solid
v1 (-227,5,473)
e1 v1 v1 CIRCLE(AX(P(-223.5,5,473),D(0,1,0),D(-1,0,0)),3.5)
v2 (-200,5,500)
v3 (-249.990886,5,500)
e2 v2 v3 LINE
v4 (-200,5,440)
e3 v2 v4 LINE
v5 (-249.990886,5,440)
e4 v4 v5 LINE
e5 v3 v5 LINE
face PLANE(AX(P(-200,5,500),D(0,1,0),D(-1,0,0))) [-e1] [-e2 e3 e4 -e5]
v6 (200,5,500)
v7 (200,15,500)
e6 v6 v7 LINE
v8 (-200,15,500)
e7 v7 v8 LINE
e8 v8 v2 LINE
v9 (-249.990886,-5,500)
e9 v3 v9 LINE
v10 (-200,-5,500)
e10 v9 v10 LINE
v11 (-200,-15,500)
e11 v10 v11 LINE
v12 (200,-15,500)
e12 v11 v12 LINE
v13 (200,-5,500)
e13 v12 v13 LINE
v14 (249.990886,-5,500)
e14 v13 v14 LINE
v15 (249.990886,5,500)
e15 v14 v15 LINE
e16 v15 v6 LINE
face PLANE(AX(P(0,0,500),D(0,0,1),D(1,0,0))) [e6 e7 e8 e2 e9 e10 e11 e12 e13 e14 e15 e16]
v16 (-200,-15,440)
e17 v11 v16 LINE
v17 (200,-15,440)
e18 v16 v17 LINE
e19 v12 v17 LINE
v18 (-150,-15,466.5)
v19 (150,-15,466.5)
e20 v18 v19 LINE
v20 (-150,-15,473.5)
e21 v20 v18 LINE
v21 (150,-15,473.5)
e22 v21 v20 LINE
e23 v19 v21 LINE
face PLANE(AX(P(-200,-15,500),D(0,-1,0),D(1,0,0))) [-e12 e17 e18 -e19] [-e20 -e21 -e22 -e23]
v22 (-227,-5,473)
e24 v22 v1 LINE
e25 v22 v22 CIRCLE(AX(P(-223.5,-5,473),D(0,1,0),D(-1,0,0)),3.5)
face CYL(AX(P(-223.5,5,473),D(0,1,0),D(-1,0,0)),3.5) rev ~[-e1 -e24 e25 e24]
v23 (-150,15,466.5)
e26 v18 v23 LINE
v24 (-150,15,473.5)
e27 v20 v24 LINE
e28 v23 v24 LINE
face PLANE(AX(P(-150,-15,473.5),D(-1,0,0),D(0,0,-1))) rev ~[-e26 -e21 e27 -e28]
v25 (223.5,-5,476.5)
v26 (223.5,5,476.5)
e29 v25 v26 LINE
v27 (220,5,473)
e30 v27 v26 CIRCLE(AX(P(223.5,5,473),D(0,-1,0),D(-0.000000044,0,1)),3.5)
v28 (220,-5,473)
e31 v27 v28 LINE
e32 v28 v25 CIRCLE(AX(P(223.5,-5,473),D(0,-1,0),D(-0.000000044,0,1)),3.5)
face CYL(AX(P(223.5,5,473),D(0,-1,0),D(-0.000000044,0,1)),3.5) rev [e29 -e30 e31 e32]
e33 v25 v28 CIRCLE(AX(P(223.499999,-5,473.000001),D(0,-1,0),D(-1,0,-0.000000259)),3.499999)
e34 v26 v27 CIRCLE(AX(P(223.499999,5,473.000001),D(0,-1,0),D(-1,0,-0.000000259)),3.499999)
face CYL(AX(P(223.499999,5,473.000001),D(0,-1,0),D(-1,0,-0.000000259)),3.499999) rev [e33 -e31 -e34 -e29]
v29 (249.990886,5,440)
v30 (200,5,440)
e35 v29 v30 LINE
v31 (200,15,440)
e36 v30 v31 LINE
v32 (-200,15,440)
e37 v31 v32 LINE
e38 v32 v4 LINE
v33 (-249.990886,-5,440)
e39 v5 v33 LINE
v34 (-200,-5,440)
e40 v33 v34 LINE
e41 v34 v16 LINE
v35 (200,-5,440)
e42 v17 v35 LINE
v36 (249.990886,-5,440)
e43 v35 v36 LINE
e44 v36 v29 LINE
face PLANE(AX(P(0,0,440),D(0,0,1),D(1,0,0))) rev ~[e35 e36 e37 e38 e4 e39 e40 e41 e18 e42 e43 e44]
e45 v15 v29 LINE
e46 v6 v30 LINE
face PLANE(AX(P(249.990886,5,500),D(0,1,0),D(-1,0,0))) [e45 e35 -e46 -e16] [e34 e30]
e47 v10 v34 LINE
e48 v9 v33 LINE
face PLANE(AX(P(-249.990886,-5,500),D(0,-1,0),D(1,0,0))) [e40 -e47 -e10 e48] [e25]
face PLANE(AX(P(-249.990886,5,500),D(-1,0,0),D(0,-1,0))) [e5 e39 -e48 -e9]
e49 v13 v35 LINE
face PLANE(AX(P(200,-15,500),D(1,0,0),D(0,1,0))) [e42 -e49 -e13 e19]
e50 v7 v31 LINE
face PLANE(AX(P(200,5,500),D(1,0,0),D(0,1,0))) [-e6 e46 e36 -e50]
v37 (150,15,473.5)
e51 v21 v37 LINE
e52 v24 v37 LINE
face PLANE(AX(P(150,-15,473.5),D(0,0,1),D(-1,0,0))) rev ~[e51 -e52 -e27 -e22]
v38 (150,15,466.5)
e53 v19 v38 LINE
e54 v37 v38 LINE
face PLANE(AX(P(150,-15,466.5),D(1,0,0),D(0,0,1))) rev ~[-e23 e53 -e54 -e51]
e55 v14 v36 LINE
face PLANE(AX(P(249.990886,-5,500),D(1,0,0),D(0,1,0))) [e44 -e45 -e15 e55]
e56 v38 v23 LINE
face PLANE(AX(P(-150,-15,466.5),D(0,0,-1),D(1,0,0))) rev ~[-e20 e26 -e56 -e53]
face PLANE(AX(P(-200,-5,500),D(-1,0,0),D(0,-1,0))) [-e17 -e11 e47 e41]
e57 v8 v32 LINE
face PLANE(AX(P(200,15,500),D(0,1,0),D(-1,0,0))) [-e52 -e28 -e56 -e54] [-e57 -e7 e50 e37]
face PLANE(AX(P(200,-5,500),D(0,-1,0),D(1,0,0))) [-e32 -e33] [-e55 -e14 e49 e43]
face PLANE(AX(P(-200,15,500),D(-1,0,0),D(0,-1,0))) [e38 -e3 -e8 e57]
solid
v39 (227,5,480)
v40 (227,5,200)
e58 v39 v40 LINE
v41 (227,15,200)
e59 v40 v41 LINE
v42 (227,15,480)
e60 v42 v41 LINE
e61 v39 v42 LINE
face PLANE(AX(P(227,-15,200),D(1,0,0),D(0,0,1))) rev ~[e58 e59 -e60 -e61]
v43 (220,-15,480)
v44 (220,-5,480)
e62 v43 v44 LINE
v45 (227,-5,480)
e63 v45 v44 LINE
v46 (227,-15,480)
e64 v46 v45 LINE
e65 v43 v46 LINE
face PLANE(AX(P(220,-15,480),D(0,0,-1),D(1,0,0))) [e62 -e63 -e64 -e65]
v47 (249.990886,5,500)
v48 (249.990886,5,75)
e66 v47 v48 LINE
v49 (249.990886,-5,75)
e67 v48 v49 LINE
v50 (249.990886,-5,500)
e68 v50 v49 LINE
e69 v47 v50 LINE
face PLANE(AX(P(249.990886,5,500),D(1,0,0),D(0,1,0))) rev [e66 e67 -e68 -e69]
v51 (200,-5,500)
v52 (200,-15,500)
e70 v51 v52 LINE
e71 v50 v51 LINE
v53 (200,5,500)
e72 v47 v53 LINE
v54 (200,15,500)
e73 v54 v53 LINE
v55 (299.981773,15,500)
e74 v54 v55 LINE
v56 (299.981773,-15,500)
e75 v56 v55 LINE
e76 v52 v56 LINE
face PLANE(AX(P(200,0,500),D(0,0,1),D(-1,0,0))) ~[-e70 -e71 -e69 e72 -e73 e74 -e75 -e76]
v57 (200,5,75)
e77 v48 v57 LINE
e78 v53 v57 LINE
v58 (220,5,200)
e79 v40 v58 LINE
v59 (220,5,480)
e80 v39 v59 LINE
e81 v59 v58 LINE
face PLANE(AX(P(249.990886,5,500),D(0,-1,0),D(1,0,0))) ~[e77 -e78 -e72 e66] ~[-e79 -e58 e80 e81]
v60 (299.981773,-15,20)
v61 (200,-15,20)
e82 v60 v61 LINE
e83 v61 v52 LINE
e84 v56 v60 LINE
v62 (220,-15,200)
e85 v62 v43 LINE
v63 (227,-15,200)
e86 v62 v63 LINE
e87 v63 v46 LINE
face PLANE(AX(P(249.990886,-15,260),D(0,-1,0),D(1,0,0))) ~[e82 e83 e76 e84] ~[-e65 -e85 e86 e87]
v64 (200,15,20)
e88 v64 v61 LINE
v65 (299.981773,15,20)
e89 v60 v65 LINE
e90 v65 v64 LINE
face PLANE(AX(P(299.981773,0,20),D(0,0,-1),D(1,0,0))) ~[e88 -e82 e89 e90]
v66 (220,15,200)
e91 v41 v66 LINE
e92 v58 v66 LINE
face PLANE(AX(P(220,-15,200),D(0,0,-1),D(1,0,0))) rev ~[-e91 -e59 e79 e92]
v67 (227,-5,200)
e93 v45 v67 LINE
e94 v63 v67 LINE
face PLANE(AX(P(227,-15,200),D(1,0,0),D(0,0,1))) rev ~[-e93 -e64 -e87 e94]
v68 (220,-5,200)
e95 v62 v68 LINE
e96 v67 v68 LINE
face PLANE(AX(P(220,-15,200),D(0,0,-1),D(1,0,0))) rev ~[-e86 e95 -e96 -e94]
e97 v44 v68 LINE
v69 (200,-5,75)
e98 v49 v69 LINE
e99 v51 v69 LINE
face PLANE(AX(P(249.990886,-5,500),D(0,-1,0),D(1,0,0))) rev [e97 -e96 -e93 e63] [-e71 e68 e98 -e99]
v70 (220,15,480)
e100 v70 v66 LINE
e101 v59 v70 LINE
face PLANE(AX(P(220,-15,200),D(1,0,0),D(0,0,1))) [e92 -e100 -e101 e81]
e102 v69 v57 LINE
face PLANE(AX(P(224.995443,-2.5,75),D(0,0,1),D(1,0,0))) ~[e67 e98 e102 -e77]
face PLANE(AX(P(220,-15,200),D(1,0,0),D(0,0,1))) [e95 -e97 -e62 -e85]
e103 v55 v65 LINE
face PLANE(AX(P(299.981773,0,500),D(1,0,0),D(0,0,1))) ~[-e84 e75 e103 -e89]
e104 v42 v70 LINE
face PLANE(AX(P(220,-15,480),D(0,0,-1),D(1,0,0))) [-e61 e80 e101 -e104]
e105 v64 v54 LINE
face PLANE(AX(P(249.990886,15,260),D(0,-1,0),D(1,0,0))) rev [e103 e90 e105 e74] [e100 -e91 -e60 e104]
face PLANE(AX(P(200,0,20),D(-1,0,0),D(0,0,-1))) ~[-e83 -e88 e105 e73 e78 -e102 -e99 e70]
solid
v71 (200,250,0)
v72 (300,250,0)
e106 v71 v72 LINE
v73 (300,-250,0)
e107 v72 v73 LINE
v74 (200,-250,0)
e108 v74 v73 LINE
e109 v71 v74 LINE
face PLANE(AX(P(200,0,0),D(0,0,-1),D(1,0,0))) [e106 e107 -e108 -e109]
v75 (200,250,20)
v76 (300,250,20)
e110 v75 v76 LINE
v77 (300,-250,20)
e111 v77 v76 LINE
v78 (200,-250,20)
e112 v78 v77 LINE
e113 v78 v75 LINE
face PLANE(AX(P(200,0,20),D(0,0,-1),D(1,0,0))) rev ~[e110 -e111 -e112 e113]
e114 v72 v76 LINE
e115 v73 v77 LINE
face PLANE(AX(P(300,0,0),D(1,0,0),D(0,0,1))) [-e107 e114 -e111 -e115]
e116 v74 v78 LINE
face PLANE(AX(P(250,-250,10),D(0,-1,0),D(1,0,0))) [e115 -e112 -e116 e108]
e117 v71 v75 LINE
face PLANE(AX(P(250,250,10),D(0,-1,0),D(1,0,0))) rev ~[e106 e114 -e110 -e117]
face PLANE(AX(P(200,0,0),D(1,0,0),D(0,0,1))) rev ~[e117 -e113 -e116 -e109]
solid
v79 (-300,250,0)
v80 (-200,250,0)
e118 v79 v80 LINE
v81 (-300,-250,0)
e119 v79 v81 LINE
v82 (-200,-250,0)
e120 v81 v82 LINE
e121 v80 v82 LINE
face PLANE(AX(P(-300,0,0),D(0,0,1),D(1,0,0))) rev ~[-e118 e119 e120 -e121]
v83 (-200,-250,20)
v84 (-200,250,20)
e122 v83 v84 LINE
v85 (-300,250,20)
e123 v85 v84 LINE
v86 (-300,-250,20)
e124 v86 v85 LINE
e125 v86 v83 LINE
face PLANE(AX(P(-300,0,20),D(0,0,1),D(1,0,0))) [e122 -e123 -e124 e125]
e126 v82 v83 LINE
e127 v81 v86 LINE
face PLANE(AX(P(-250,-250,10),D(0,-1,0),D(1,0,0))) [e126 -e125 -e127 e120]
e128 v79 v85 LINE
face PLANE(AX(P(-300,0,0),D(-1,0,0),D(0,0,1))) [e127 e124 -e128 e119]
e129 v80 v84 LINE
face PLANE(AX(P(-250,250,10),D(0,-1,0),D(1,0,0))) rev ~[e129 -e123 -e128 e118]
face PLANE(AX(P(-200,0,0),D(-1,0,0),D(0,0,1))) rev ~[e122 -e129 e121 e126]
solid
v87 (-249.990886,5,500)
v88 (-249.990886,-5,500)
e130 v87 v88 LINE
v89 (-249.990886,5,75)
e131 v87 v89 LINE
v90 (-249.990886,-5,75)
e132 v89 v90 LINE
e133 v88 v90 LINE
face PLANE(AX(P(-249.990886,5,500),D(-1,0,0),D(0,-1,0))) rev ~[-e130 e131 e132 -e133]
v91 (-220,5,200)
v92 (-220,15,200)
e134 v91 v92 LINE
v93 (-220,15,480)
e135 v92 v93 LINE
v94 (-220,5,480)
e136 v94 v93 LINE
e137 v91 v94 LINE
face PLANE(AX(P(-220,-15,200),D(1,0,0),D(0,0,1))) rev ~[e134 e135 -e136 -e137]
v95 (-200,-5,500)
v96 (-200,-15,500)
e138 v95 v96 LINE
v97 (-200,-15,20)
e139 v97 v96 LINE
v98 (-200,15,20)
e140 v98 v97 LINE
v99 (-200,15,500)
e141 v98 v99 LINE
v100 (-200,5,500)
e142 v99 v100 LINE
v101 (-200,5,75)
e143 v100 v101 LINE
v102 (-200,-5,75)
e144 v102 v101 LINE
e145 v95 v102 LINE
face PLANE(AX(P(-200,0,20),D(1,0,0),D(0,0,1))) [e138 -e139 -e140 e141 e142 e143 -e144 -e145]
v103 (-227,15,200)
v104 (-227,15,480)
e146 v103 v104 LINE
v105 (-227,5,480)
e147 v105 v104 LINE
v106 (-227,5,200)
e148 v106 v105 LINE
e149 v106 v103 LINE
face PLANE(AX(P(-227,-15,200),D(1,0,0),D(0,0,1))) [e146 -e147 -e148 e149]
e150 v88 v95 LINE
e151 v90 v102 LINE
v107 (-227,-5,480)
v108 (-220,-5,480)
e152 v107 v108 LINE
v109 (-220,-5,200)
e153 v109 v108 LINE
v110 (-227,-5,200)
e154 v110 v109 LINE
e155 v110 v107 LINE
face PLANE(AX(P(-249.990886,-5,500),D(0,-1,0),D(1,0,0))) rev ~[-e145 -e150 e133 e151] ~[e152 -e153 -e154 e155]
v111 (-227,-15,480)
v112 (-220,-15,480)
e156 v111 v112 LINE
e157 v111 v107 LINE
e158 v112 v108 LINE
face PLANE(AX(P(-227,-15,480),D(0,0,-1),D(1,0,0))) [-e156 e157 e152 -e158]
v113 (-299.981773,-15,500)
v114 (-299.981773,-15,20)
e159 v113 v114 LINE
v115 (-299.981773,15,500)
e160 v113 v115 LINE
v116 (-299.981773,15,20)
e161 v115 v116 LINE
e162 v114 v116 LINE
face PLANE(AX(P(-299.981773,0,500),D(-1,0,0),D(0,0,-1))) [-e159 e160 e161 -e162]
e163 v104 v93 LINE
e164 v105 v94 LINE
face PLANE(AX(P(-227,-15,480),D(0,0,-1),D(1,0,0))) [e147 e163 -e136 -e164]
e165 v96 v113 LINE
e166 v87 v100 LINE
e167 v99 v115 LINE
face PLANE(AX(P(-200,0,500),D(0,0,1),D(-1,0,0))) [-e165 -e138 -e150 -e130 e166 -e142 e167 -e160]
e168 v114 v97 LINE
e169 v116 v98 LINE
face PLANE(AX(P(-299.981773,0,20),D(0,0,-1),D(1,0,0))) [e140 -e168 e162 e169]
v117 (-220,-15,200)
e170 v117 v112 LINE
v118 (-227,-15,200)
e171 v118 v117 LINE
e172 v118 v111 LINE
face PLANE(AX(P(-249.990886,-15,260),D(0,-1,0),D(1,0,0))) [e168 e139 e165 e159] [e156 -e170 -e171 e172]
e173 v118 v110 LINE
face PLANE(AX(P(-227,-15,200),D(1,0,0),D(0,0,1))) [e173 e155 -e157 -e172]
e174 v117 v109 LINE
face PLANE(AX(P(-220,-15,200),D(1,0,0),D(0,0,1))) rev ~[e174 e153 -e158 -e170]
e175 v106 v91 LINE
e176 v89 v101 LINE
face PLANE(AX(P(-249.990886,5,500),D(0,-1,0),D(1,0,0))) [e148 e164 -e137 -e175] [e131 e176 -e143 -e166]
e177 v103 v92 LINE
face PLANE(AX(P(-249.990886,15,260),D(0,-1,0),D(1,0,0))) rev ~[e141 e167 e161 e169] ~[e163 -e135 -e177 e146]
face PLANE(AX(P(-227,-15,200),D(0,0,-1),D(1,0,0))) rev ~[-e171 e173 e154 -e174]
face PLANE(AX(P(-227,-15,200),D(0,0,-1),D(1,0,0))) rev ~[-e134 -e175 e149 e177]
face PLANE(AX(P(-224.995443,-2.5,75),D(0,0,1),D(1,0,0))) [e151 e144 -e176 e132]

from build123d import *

# Parameters (mm, degrees)
F0_W      = 100
F0_H      = 20
F1_DEPTH  = 250
F3_DEPTH  = 15
F4_W      = 49.990886
F4_H      = 5
F5_DEPTH  = 425
F7_W      = 7
F7_H      = 280
F8_DEPTH  = 110
F10_DEPTH = 60
F11_R     = 3.5
F12_DEPTH = 56
F14_DEPTH = 46


with BuildPart() as f1:
    # F0 (on Front) → F1 (new body, symmetric)
    with BuildSketch(Plane.XZ):
        with Locations((-250, 10)):
            Rectangle(F0_W, F0_H)
        with Locations((250, 10)):
            Rectangle(F0_W, F0_H)
    extrude(amount=F1_DEPTH, both=True)


with BuildPart() as f3:
    # F2 (on Front) → F3 (new body, symmetric)
    with BuildSketch(Plane.XZ):
        Polygon((-299.981773, 20), (-200, 20), (-200, 229), (-200, 500), (-299.981773, 500), (-299.981773, 305), align=None)
    extrude(amount=F3_DEPTH, both=True)

    # F4 (on face) → F5 (cut)
    with BuildSketch(Plane.XY.offset(500)):
        with Locations((-224.995443, -2.5)):
            Rectangle(F4_W, F4_H)
        with Locations((-224.995443, 2.5)):
            Rectangle(F4_W, F4_H)
    extrude(amount=-F5_DEPTH, mode=Mode.SUBTRACT)


with BuildPart() as f6_1:
    # F6: instance of F3
    add(f3.part.mirror(Plane.YZ))


with BuildPart() as f8_tool:
    # F7 (on face) → F8 (new body)
    with BuildSketch(Plane.XZ.offset(15)):
        with Locations((-223.5, 340)):
            Rectangle(F7_W, F7_H)
        with Locations((223.5, 340)):
            Rectangle(F7_W, F7_H)
    extrude(amount=-F8_DEPTH)


with BuildPart() as f3_1:
    add(f3.part)

    # F8: cut by f8_tool
    add(f8_tool.part, mode=Mode.SUBTRACT)


with BuildPart() as f6_1_1:
    add(f6_1.part)

    # F8: cut by f8_tool
    add(f8_tool.part, mode=Mode.SUBTRACT)


with BuildPart() as f10:
    # F9 (on face) → F10 (new body)
    with BuildSketch(Plane.XY.offset(500)):
        Polygon((-200, -5), (-200, -15), (0, -15), (200, -15), (200, -5), (249.990886, -5), (249.990886, 5), (200, 5), (200, 15), (0, 15), (-200, 15), (-200, 5), (-249.990886, 5), (-249.990886, -5), align=None)
    extrude(amount=-F10_DEPTH)

    # F11 (on face) → F12 (cut, symmetric)
    with BuildSketch(Plane(origin=(0, 5, 0), x_dir=(-1, 0, 0), z_dir=(0, 1, 0))):
        with BuildLine():
            ThreePointArc((-220, 473), (-221.025126, 475.474874), (-223.5, 476.5))
            ThreePointArc((-223.5, 476.5), (-225.974874, 470.525126), (-220, 473))
        make_face()
        with Locations((223.5, 473)):
            Circle(F11_R)
    extrude(amount=F12_DEPTH, both=True, mode=Mode.SUBTRACT)

    # F13 (on face) → F14 (cut)
    with BuildSketch(Plane.XZ.offset(15)):
        Polygon((-150, 473.5), (-150, 470), (-150, 466.5), (0, 466.5), (150, 466.5), (150, 473.5), (0, 473.5), align=None)
    extrude(amount=-F14_DEPTH, mode=Mode.SUBTRACT)


solid = Compound([f1.part, f3_1.part, f6_1_1.part, f10.part])
